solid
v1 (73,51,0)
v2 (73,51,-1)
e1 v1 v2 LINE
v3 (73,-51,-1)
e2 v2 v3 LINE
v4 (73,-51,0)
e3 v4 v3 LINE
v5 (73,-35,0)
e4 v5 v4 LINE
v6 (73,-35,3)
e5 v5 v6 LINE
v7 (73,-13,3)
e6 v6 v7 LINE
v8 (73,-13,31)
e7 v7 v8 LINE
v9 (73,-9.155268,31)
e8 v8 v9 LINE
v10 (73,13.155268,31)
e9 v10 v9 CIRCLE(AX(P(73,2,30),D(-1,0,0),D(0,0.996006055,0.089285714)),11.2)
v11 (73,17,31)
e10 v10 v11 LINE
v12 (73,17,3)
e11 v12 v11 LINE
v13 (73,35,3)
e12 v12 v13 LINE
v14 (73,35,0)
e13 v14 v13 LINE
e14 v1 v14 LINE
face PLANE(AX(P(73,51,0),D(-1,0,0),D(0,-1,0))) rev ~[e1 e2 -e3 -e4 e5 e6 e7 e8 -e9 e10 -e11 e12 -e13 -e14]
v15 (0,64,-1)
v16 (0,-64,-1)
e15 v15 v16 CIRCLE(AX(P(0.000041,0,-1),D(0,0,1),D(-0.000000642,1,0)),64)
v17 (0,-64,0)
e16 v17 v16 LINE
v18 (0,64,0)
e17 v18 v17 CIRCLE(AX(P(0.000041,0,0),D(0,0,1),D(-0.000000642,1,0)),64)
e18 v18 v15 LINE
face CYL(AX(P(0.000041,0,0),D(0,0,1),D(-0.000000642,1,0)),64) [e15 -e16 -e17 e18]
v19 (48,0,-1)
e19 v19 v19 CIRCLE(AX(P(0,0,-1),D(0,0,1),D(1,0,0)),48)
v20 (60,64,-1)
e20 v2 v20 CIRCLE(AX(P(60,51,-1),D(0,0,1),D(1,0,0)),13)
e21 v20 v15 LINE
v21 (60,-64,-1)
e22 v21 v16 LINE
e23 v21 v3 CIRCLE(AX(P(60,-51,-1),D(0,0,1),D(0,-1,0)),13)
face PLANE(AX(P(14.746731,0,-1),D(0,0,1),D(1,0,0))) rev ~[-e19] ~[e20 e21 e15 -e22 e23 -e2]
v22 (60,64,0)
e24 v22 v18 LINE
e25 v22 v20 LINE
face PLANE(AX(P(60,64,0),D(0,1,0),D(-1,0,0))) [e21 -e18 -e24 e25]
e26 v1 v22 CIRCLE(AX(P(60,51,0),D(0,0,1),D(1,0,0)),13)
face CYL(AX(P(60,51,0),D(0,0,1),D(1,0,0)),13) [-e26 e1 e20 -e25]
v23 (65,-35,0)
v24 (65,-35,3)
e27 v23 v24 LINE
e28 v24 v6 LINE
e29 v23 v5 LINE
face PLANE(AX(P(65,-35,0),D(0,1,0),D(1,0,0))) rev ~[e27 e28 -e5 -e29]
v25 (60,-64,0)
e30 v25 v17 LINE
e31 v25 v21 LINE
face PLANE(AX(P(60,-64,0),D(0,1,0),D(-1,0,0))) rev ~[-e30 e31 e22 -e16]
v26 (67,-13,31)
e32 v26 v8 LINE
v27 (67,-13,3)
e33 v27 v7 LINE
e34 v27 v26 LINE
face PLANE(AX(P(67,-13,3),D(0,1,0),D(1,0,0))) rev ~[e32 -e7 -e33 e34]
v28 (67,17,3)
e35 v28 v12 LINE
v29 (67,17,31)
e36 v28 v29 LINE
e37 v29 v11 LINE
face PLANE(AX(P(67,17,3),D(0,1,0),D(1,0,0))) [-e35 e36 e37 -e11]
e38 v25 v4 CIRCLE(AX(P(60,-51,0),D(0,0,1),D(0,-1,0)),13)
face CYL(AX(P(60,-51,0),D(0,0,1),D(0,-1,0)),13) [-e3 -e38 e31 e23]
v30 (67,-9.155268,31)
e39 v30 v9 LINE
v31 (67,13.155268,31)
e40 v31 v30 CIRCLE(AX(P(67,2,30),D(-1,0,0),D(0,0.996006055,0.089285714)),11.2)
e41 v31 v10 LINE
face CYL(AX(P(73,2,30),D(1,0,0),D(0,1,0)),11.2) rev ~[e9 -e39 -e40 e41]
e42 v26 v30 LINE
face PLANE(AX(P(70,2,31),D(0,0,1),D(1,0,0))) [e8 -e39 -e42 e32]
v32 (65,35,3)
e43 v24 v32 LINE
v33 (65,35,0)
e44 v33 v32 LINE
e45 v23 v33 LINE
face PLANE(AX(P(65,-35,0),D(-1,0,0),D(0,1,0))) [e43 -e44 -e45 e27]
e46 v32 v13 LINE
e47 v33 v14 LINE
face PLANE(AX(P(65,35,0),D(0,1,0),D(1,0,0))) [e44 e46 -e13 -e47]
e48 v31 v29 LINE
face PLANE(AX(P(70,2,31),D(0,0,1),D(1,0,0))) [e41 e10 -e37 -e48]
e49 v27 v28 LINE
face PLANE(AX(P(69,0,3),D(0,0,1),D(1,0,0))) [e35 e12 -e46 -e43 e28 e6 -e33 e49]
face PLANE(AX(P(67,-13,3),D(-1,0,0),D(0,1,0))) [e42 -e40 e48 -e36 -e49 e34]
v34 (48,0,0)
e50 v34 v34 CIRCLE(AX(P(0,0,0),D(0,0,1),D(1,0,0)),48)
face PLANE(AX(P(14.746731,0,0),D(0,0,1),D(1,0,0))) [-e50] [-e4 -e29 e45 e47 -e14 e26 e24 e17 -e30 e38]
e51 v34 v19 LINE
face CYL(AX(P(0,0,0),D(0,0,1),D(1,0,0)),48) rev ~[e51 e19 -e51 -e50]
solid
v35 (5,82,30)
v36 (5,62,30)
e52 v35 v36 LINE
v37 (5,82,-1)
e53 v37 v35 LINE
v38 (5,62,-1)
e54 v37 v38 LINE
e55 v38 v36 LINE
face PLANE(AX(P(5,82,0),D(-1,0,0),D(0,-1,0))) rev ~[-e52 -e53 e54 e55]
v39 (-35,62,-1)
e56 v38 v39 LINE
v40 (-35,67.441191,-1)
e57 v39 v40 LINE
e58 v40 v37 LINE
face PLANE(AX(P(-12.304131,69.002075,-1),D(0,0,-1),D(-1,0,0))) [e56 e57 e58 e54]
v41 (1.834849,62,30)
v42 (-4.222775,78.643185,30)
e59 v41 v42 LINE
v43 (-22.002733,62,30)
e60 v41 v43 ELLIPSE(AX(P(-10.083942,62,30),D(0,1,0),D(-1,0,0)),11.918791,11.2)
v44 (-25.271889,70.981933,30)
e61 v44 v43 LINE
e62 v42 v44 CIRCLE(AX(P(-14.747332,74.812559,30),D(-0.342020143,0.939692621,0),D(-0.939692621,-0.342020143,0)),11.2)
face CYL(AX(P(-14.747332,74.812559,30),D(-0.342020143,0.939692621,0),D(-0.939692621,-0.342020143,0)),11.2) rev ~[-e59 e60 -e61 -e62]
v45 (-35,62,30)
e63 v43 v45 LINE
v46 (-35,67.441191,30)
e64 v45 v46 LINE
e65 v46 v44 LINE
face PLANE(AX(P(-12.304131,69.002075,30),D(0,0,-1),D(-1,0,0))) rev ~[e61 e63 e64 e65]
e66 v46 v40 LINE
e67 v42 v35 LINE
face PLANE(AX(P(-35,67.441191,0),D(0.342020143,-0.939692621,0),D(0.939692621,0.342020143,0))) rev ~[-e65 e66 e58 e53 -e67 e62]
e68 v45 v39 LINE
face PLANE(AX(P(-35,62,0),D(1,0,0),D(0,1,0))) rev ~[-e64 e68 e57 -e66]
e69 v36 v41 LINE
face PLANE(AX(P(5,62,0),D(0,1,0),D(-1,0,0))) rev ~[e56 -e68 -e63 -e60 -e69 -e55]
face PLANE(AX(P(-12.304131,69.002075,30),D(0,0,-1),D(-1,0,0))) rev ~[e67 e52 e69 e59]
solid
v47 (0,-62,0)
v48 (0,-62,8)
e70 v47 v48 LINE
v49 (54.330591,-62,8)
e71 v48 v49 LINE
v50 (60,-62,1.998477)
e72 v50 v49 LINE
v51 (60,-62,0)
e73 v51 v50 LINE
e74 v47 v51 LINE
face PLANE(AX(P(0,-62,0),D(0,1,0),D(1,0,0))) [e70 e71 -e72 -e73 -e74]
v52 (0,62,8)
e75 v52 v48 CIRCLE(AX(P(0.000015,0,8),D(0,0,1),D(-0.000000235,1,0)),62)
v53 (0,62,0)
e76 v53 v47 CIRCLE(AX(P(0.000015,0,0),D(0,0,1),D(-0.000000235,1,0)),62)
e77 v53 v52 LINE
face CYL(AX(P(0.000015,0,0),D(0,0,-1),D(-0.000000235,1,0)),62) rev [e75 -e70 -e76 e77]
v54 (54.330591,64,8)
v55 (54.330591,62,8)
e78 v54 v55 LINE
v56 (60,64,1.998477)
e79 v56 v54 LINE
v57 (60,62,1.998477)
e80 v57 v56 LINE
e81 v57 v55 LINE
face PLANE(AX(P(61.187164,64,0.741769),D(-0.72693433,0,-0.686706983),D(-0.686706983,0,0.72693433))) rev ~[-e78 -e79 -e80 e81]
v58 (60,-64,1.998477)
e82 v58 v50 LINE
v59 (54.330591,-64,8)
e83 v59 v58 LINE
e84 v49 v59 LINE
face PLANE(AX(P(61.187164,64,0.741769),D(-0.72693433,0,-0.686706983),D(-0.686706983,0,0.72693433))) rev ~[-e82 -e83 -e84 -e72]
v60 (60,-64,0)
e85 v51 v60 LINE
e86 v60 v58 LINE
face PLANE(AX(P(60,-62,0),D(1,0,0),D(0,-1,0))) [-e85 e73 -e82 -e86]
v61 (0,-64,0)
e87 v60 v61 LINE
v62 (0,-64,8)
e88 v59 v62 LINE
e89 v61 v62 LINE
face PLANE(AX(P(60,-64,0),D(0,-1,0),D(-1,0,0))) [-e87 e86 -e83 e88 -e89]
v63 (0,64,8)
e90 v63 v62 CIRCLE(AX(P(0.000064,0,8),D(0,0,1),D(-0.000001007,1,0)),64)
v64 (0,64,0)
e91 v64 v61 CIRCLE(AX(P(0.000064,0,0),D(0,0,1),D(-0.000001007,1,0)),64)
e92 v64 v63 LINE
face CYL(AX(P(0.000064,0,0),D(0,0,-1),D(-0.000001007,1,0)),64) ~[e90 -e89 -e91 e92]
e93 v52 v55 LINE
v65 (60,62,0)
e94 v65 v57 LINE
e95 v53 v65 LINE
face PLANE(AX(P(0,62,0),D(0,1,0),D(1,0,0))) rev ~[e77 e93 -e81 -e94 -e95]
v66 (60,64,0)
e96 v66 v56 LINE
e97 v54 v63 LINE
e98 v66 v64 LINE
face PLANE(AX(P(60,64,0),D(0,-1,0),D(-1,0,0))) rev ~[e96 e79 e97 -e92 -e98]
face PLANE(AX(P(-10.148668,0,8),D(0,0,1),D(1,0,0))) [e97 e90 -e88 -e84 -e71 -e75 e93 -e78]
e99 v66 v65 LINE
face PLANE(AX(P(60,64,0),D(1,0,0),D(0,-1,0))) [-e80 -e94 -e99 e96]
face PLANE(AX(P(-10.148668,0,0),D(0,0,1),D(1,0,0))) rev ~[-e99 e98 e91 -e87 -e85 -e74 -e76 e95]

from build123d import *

# Parameters (mm, degrees)
SKETCH001_R       = 48
PAD_DEPTH         = 1
SKETCH_W          = 8
SKETCH_H          = 70
PAD003_DEPTH      = 3
SKETCH008_W       = 6
SKETCH008_H       = 30
PAD004_DEPTH      = 28
SKETCH009_R       = 11.2
POCKET003_DEPTH   = 137.0009589023
PAD001_DEPTH      = 8
POCKET005_DEPTH   = 128.0010000001
PAD002_DEPTH      = 30
PAD002_DEPTH_BACK = 1
SKETCH012_R       = 11.2
POCKET_DEPTH      = 18.7948524157


with BuildPart() as synctubehole:
    # Sketch001 → Pad (new body)
    with BuildSketch(Plane.XY):
        with BuildLine():
            Line((60, 64), (0, 64))
            ThreePointArc((0, 64), (-63.9999589023, 0), (0, -64))
            Line((60, -64), (0, -64))
            ThreePointArc((60, -64), (69.1923881554, -60.1923881554), (73, -51))
            Line((73, 51), (73, -51))
            ThreePointArc((73, 51), (69.1923881554, 60.1923881554), (60, 64))
        make_face()
        Circle(SKETCH001_R, mode=Mode.SUBTRACT)
    extrude(amount=-PAD_DEPTH)

    # Sketch → Pad003 (new body)
    with BuildSketch(Plane.XY):
        with Locations((69, 0)):
            Rectangle(SKETCH_W, SKETCH_H)
    extrude(amount=PAD003_DEPTH)

    # Sketch008 → Pad004 (new body)
    with BuildSketch(Plane.XY.offset(3)):
        with Locations((70, 2)):
            Rectangle(SKETCH008_W, SKETCH008_H)
    extrude(amount=PAD004_DEPTH)

    # Sketch009 → Pocket003 (cut, through all)
    with BuildSketch(Plane.YZ.offset(73)):
        with Locations((2, 30)):
            Circle(SKETCH009_R)
    extrude(amount=-POCKET003_DEPTH, mode=Mode.SUBTRACT)


with BuildPart() as fillet_connector:
    # Sketch002 → Pad001 (new body)
    with BuildSketch(Plane.XY):
        with BuildLine():
            Line((60, 64), (0, 64))
            ThreePointArc((0, 64), (-63.9999355288, 0), (0, -64))
            Line((60, -64), (0, -64))
            Line((60, -62), (60, -64))
            Line((0, -62), (60, -62))
            ThreePointArc((0, 62), (-61.9999854046, 0), (0, -62))
            Line((0, 62), (60, 62))
            Line((60, 64), (60, 62))
        make_face()
    extrude(amount=PAD001_DEPTH)

    # Sketch011 → Pocket005 (cut, through all)
    with BuildSketch(Plane(origin=(0, 64, 0), x_dir=(-1, 0, 0), z_dir=(0, 1, 0))):
        Polygon((-53.9525, 8.40024), (-64.2022626889, 10.8364072587), (-61.1871640783, 0.741768758), align=None)
    extrude(amount=-POCKET005_DEPTH, mode=Mode.SUBTRACT)


with BuildPart() as stpocket:
    # Sketch004 → Pad002 (new body, two sides)
    with BuildSketch(Plane.XY) as pad002_sk:
        Polygon((5, 62), (-35, 62), (-35, 67.4411906293), (5, 82), align=None)
    extrude(amount=PAD002_DEPTH)
    extrude(pad002_sk.sketch, amount=-PAD002_DEPTH_BACK)

    # Sketch012 → Pocket (cut, through all)
    with BuildSketch(Plane(origin=(-25.769403105, 70.8008531437, 0), x_dir=(-0.9396926208, -0.3420201433, 0), z_dir=(-0.3420201433, 0.9396926208, 0))):
        with Locations((-11.7294429294, 30)):
            Circle(SKETCH012_R)
    extrude(amount=-POCKET_DEPTH, mode=Mode.SUBTRACT)


solid = Compound([synctubehole.part, fillet_connector.part, stpocket.part])
